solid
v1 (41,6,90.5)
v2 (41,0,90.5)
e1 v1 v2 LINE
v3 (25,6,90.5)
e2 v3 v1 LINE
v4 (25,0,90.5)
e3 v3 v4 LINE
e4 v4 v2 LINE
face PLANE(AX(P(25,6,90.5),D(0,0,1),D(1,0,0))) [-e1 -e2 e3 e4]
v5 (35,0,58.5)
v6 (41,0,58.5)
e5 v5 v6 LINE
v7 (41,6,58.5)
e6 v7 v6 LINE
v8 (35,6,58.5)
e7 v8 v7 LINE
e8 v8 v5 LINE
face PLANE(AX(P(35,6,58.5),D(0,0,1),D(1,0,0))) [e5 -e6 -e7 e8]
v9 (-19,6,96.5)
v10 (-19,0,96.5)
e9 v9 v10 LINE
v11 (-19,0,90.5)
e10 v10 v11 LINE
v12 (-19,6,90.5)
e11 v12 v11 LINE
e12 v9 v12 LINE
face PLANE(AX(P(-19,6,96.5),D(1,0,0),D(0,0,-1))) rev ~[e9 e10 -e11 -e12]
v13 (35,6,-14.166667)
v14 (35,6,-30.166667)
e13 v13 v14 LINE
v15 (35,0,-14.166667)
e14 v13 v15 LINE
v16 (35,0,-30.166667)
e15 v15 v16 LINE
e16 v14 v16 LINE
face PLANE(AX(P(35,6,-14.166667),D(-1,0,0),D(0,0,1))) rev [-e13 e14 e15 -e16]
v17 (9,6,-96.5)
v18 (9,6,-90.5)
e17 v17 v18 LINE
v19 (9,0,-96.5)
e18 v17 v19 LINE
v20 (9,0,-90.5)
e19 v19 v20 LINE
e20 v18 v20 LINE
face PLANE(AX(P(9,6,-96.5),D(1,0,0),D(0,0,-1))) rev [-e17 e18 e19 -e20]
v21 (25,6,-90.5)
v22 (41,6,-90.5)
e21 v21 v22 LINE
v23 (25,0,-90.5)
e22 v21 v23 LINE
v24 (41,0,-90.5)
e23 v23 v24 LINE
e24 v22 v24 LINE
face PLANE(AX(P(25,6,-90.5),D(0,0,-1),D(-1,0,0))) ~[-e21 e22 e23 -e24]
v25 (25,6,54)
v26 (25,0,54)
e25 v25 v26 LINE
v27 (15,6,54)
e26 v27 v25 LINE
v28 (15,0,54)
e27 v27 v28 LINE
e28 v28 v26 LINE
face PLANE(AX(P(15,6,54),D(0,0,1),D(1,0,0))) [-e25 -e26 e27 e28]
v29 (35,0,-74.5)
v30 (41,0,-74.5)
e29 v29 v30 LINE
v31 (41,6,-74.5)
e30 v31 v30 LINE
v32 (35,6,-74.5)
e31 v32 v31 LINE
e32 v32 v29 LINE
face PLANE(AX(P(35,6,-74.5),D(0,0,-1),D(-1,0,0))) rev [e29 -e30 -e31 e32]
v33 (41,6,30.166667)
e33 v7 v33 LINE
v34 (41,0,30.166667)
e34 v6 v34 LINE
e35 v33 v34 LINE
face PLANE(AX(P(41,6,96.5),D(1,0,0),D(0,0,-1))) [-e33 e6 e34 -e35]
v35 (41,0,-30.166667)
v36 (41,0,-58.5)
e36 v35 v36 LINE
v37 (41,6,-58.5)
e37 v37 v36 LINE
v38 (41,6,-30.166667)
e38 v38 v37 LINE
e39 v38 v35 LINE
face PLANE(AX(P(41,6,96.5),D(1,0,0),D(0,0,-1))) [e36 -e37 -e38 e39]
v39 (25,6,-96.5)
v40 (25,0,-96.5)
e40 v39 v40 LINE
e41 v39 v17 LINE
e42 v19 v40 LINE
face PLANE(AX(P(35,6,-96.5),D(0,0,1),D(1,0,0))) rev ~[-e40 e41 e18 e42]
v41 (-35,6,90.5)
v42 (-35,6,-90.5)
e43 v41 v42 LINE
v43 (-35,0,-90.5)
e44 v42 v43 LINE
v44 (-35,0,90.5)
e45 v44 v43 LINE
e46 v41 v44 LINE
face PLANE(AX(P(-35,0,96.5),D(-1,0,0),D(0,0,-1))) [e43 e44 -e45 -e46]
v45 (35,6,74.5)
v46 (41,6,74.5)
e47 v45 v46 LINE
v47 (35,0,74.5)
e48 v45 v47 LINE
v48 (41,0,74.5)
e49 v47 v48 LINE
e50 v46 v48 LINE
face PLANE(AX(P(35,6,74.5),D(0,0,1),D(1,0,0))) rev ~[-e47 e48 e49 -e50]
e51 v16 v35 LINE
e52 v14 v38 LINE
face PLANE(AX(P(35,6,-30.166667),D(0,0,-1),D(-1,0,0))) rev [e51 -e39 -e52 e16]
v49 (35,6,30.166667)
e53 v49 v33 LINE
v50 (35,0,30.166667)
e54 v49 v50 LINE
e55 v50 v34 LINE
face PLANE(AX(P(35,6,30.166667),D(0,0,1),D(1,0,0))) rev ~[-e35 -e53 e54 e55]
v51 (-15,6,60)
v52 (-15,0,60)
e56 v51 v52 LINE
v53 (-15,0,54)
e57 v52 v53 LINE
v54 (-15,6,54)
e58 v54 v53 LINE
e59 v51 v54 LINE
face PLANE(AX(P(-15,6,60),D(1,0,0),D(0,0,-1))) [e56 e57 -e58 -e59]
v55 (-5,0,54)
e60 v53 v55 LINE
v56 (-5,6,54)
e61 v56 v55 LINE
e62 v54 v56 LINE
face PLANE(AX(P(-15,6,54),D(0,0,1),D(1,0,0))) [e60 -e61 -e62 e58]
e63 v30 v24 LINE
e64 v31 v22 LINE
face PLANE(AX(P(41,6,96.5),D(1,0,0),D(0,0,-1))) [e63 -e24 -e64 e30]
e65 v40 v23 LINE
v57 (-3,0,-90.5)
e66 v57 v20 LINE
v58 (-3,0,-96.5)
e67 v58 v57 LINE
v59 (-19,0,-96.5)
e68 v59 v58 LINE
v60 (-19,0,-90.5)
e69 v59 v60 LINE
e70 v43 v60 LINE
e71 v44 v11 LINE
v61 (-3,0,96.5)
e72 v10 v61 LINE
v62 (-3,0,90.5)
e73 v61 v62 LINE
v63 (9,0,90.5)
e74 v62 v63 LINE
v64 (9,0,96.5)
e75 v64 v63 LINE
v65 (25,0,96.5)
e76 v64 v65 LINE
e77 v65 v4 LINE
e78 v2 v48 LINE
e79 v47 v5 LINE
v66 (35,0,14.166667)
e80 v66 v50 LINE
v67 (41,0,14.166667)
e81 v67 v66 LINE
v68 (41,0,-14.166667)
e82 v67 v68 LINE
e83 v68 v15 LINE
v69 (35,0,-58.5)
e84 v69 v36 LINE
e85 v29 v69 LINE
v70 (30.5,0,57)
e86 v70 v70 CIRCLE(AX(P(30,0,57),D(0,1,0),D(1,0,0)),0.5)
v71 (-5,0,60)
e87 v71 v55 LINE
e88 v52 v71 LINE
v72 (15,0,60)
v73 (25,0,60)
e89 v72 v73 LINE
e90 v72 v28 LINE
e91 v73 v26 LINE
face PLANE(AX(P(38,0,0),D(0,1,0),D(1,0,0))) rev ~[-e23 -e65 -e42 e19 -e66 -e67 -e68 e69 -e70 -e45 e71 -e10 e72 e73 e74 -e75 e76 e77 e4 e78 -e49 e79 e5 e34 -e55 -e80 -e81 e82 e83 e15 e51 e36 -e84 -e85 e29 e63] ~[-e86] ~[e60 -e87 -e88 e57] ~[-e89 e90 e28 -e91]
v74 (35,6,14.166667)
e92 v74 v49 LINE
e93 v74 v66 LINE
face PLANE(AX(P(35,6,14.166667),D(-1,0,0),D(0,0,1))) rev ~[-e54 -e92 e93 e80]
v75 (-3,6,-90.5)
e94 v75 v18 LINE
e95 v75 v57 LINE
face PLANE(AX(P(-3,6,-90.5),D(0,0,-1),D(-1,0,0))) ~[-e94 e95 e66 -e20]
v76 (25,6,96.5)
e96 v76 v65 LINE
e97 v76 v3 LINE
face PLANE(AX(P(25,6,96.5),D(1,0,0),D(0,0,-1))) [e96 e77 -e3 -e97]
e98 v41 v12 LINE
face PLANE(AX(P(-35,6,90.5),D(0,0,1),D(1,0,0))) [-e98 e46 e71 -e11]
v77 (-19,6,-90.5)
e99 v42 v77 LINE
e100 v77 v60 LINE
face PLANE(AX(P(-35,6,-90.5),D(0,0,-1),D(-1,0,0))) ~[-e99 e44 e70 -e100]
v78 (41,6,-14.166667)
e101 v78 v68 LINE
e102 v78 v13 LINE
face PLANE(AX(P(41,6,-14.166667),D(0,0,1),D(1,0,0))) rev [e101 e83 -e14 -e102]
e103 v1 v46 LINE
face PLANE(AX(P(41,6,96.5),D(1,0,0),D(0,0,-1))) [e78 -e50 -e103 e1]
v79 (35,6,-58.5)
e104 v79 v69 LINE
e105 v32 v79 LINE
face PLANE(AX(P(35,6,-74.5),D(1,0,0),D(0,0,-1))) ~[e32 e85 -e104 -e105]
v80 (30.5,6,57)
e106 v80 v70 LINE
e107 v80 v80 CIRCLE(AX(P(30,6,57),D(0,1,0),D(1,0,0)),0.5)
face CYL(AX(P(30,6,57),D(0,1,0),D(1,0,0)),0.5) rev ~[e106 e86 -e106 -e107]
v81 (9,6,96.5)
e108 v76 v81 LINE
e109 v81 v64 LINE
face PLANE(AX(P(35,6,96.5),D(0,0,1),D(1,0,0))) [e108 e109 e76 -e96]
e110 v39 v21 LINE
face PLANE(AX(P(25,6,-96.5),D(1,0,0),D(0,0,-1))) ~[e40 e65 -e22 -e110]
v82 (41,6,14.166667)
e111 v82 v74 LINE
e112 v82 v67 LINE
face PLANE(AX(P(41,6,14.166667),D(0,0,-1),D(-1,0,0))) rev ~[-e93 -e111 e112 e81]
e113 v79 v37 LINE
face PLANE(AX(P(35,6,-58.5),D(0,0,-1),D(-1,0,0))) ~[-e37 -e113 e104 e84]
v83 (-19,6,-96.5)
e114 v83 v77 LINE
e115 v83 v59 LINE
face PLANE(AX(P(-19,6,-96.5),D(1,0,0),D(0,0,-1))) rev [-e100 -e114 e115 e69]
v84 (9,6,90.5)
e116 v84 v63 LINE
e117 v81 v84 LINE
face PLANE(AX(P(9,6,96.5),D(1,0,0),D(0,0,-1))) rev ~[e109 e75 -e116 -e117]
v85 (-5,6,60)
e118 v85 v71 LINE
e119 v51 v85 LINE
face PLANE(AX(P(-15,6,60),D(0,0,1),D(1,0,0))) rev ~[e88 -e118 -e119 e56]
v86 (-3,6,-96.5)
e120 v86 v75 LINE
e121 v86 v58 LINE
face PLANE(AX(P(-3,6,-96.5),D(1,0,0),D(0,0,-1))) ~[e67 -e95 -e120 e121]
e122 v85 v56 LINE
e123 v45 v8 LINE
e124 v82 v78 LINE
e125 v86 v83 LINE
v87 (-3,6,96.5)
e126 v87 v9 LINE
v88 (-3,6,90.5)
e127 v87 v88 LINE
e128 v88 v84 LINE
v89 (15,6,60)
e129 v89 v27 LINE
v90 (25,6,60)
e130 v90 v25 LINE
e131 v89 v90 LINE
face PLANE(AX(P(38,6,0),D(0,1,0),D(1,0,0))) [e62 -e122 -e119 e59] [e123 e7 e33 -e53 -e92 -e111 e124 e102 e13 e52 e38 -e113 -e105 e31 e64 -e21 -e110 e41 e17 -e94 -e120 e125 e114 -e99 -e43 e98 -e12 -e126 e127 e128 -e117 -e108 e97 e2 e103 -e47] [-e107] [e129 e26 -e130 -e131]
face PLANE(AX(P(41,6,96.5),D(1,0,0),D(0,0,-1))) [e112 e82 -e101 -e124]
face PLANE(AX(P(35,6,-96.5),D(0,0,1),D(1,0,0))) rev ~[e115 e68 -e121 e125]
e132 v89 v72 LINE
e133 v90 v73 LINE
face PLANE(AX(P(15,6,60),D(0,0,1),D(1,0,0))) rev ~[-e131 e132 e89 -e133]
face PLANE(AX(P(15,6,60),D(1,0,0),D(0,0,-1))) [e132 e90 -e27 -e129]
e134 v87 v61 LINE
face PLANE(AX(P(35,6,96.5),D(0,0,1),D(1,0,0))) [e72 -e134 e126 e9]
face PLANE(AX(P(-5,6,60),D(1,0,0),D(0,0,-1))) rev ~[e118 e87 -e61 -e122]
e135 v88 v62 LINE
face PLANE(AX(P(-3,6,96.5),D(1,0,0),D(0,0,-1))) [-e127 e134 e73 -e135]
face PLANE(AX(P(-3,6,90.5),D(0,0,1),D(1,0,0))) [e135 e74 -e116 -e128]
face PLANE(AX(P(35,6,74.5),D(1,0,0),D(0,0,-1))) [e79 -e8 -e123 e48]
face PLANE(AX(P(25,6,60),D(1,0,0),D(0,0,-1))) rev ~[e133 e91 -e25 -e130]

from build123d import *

# Parameters (mm, degrees)
SKETCH1_W           = 60
SKETCH1_H           = 193
SKETCH1_W_2         = 10
BOSS_EXTRUDE1_DEPTH = 6
SKETCH4_W           = 6
SKETCH4_H           = 193
BOSS_EXTRUDE2_DEPTH = 6
SKETCH5_W           = 6
SKETCH5_H           = 16
SKETCH5_W_2         = 16
SKETCH5_H_2         = 6
SKETCH5_W_3         = 12
CUT_EXTRUDE1_DEPTH  = 7
SKETCH6_R           = 0.5
SKETCH6_W           = 10
SKETCH6_H           = 6
CUT_EXTRUDE2_DEPTH  = 7


with BuildPart() as part:
    # Sketch1 → Boss-Extrude1 (new body)
    with BuildSketch(Plane(origin=(0, 0, 0), x_dir=(1, 0, 0), z_dir=(0, 1, 0))):
        with Locations((5, 0)):
            Rectangle(SKETCH1_W, SKETCH1_H)
        with Locations((-30, 0)):
            Rectangle(SKETCH1_W_2, SKETCH1_H)
    extrude(amount=BOSS_EXTRUDE1_DEPTH)

    # Sketch4 → Boss-Extrude2 (add)
    with BuildSketch(Plane(origin=(0, 6, 0), x_dir=(1, 0, 0), z_dir=(0, 1, 0))):
        with Locations((38, 0)):
            Rectangle(SKETCH4_W, SKETCH4_H)
    extrude(amount=-BOSS_EXTRUDE2_DEPTH)

    # Sketch5 → Cut-Extrude1 (cut, through all)
    with BuildSketch(Plane(origin=(0, 6, 0), x_dir=(1, 0, 0), z_dir=(0, 1, 0))):
        with Locations((38, -66.5)):
            Rectangle(SKETCH5_W, SKETCH5_H)
        Polygon((35, -30.166666667), (41, -30.166666667), (41, -14.166666667), (38, -14.166666667), (35, -14.166666667), align=None)
        with Locations((33, -93.5)):
            Rectangle(SKETCH5_W_2, SKETCH5_H_2)
        with Locations((-27, -93.5)):
            Rectangle(SKETCH5_W_2, SKETCH5_H_2)
        with Locations((3, -93.5)):
            Rectangle(SKETCH5_W_3, SKETCH5_H_2)
    cut_extrude1 = extrude(amount=-CUT_EXTRUDE1_DEPTH, mode=Mode.SUBTRACT)

    # Mirror1: Cut-Extrude1 across plane
    add(cut_extrude1.mirror(Plane.XY), mode=Mode.SUBTRACT)

    # Sketch6 → Cut-Extrude2 (cut, through all)
    with BuildSketch(Plane(origin=(0, 6, 0), x_dir=(1, 0, 0), z_dir=(0, 1, 0))):
        with Locations((30, -57)):
            Circle(SKETCH6_R)
        with Locations((20, -57)):
            Rectangle(SKETCH6_W, SKETCH6_H)
        with Locations((-10, -57)):
            Rectangle(SKETCH6_W, SKETCH6_H)
    extrude(amount=-CUT_EXTRUDE2_DEPTH, mode=Mode.SUBTRACT)


solid = part.part
